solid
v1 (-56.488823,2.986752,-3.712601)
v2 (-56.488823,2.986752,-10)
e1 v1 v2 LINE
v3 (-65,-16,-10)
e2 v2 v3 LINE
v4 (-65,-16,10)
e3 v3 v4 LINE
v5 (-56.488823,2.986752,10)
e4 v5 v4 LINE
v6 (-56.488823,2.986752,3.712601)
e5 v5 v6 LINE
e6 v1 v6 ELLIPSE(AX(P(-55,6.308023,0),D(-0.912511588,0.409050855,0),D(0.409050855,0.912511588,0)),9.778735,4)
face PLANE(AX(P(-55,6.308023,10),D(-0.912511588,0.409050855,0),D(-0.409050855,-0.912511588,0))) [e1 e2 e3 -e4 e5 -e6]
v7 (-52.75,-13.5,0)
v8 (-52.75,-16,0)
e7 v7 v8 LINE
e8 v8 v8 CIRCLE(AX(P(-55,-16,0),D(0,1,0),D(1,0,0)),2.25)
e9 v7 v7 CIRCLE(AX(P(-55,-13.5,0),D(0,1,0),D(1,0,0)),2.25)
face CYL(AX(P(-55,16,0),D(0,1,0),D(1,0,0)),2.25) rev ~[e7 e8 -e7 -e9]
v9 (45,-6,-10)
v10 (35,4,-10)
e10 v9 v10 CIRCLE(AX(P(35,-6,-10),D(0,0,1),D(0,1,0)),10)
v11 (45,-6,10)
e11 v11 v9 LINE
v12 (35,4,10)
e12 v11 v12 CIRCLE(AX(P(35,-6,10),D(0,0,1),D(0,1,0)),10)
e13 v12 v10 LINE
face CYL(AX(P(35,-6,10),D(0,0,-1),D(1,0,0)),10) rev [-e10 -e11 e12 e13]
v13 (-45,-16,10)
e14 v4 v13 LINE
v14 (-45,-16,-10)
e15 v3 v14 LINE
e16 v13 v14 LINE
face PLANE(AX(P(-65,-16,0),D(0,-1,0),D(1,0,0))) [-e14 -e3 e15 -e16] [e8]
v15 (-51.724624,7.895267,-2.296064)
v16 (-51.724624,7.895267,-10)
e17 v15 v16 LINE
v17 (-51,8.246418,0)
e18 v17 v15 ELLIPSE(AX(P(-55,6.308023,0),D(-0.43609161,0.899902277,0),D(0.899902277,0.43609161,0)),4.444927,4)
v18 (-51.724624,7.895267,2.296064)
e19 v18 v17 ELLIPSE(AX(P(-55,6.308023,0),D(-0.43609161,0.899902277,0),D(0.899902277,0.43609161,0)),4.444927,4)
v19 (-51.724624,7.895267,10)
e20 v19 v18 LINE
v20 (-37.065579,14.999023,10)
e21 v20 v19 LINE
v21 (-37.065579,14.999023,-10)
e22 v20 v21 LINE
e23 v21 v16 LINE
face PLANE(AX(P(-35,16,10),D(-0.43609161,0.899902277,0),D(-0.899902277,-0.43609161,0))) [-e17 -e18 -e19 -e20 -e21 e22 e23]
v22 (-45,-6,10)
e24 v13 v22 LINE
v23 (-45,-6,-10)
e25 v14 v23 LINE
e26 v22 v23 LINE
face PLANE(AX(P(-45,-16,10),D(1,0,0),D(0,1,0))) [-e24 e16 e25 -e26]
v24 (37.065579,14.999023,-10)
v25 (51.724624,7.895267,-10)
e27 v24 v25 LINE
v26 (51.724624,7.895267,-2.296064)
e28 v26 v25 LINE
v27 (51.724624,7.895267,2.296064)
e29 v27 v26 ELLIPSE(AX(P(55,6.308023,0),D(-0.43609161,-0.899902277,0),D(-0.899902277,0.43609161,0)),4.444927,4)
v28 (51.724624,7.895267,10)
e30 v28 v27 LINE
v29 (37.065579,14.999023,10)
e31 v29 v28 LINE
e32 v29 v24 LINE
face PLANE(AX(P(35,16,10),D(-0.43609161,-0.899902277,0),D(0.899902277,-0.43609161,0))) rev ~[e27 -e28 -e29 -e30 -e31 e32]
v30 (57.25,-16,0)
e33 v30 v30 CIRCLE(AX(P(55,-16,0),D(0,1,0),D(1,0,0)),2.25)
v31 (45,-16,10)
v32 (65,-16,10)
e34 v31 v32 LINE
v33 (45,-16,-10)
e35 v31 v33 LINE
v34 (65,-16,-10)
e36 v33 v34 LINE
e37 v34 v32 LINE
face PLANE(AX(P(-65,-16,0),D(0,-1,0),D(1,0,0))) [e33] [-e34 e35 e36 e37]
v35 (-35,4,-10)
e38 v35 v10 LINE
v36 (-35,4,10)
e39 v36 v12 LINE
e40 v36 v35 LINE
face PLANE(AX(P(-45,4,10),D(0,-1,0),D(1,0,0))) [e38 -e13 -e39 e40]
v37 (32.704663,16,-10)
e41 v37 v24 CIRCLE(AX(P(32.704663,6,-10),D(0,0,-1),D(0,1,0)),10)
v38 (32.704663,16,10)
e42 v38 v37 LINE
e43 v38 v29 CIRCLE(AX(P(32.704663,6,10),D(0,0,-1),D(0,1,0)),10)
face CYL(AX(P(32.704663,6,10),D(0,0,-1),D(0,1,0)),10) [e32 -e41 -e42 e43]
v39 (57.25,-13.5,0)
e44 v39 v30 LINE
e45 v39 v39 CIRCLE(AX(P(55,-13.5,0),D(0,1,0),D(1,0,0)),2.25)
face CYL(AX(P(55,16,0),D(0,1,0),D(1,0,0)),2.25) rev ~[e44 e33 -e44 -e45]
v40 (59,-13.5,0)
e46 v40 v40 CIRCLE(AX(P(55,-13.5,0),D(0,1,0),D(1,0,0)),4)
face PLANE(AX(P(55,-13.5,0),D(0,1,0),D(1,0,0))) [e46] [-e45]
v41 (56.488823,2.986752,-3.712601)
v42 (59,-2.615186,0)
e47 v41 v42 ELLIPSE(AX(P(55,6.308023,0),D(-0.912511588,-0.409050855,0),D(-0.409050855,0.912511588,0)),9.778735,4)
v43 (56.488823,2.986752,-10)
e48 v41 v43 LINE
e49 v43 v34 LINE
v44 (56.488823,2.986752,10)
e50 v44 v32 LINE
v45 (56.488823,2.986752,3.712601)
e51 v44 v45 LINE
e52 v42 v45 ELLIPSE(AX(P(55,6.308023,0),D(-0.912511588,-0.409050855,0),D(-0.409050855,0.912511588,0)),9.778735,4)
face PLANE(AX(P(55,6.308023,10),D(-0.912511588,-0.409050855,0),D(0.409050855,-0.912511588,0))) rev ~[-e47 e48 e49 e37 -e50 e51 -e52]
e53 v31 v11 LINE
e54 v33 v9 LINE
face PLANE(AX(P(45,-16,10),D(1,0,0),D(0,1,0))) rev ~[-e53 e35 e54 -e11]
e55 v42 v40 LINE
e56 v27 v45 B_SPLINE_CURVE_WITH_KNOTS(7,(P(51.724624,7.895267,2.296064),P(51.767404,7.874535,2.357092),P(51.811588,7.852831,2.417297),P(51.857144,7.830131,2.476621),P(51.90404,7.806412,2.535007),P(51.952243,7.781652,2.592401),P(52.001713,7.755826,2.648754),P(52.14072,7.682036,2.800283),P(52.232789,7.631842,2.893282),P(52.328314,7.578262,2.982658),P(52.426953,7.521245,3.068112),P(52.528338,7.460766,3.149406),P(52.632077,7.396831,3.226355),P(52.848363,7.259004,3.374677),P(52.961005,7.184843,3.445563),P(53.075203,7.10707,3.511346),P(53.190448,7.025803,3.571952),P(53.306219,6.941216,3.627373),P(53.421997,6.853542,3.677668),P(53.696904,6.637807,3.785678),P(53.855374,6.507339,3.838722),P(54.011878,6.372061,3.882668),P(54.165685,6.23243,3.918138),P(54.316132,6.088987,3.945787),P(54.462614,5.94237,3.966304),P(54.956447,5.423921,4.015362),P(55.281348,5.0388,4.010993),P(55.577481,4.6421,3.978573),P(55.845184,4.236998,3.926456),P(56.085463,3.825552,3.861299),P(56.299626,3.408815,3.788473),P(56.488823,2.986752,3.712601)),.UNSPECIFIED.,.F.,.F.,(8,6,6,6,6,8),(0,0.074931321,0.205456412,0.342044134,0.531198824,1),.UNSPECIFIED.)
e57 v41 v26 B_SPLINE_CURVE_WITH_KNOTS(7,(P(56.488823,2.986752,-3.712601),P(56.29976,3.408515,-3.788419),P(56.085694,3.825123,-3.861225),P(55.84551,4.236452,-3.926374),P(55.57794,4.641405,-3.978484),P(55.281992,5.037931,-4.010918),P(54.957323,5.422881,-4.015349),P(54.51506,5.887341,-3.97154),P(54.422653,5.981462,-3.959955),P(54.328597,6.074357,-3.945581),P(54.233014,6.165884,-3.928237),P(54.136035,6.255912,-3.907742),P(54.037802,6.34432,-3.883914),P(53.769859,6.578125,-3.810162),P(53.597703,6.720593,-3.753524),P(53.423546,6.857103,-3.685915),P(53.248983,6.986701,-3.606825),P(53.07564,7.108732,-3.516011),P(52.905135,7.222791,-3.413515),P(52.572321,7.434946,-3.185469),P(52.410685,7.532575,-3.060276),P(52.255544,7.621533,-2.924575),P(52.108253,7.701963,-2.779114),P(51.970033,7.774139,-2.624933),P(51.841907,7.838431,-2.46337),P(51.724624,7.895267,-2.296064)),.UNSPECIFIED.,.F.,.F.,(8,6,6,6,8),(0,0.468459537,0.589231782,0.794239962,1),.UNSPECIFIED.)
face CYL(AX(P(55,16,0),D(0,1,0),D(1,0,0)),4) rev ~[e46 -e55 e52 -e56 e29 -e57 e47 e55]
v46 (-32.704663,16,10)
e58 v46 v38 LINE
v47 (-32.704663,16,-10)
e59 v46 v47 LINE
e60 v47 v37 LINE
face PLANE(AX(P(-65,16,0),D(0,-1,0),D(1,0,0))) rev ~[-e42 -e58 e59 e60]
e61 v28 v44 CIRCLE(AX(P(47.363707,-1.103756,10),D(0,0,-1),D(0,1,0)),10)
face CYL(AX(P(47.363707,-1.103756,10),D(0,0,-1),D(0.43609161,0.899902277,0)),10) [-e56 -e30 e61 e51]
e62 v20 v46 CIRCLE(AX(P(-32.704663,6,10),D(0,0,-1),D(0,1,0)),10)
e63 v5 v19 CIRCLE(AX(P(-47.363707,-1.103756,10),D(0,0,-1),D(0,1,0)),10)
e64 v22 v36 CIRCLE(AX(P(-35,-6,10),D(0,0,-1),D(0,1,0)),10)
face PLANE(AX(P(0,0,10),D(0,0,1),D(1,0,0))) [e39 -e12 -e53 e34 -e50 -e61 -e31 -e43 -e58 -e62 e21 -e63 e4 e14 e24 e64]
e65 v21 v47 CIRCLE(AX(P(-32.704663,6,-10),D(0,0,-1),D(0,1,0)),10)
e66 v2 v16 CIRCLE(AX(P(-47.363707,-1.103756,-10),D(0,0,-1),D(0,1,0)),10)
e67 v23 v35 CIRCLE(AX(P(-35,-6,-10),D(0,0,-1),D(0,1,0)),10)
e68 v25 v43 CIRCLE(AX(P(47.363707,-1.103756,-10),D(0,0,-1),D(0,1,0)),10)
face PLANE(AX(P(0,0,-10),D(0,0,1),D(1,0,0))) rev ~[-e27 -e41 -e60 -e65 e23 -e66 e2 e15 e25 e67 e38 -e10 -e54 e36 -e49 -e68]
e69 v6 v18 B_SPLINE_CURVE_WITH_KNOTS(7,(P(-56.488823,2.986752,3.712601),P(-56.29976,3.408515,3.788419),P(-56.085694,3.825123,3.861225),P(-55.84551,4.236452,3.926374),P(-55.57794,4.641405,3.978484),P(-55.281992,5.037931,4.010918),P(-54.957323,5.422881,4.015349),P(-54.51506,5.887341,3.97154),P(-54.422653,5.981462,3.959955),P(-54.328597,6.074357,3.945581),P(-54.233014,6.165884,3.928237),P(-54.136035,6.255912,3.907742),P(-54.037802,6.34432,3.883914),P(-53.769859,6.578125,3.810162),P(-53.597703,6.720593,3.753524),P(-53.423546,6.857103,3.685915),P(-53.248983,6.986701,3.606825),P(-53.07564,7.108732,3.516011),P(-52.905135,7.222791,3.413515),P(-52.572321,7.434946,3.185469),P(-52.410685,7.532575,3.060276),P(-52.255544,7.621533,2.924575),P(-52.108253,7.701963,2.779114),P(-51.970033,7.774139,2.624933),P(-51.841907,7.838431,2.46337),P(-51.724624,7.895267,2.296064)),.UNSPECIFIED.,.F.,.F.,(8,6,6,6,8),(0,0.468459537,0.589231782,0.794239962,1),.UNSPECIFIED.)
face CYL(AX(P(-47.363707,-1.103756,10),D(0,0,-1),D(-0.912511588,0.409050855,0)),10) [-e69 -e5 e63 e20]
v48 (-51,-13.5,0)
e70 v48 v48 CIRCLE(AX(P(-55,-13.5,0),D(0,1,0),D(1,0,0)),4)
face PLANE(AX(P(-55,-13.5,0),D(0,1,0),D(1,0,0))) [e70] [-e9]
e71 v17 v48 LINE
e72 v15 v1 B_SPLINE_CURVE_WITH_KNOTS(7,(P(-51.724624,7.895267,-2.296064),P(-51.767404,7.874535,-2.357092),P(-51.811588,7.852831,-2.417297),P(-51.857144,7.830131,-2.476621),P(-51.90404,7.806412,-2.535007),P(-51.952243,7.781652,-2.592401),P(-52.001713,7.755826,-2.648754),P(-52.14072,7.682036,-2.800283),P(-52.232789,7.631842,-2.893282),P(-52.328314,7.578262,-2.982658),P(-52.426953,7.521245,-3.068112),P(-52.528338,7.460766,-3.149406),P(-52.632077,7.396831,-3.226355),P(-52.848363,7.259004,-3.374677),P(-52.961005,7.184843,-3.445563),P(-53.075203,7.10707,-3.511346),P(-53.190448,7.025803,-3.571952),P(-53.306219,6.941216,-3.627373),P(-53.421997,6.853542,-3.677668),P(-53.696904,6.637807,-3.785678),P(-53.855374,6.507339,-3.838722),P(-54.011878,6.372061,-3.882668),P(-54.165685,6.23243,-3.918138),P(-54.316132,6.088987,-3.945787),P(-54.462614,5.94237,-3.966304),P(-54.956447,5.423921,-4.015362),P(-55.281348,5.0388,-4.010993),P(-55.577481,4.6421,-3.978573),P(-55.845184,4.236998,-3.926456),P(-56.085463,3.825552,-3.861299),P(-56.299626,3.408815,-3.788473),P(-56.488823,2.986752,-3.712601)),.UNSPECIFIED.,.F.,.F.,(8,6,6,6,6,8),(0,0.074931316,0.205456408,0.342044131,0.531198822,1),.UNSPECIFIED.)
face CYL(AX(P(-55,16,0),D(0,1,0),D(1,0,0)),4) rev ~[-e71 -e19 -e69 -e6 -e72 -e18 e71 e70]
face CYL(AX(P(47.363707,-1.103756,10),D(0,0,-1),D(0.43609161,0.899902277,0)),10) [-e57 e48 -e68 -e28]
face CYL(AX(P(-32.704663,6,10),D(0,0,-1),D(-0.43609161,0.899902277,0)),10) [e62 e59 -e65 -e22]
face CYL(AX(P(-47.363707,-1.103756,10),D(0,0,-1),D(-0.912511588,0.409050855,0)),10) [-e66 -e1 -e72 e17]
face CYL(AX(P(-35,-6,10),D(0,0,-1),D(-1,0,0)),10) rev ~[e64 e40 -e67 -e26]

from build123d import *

# Parameters (mm, degrees)
RESSALTO_EXTRUS_O1_DEPTH      = 10
RESSALTO_EXTRUS_O1_DEPTH_BACK = 10
ESBO_O1_W                     = 130
ESBO_O1_H                     = 32
ESBO_O2_W                     = 90
ESBO_O2_H                     = 20
CORTE_EXTRUS_O1_DEPTH         = 70.864153899
FILETE1_R                     = 10
ESBO_O4_R                     = 4
CORTE_EXTRUS_O2_DEPTH         = 29.5
ESBO_O5_R                     = 2.25
CORTE_EXTRUS_O3_DEPTH         = 74.136858027


with BuildPart() as part:
    # Esboço1 → Ressalto-extrusão1 (new, two sides: drawn at the far end of the back side and taken through both)
    with BuildSketch(Plane.XY.offset(-RESSALTO_EXTRUS_O1_DEPTH_BACK)):
        Rectangle(ESBO_O1_W, ESBO_O1_H)
    extrude(amount=RESSALTO_EXTRUS_O1_DEPTH + RESSALTO_EXTRUS_O1_DEPTH_BACK)

    # Esboço2 → Corte-extrusão1 (cut, through all)
    with BuildSketch(Plane.XY.offset(10)):
        Polygon((35, 16), (55, 6.308022976), (65, -16), (65, 16), align=None)
        Polygon((-65, -16), (-65, 16), (-35, 16), (-55, 6.308022976), align=None)
        with Locations((0, -6)):
            Rectangle(ESBO_O2_W, ESBO_O2_H)
    extrude(amount=-CORTE_EXTRUS_O1_DEPTH, mode=Mode.SUBTRACT)

    # Filete1
    filete1_edges = [part.edges().sort_by_distance(p)[0] for p in [
        (45, 4, 0),
        (-45, 4, 0),
        (55, 6.308022976, 0),
        (35, 16, 0),
        (-35, 16, 0),
        (-55, 6.308022976, 0),
    ]]
    fillet(filete1_edges, radius=FILETE1_R)

    # Esboço4 → Corte-extrusão2 (cut)
    with BuildSketch(Plane(origin=(0, 16, 0), x_dir=(1, 0, 0), z_dir=(0, 1, 0))):
        with Locations((-55, 0)):
            Circle(ESBO_O4_R)
        with Locations((55, 0)):
            Circle(ESBO_O4_R)
    extrude(amount=-CORTE_EXTRUS_O2_DEPTH, mode=Mode.SUBTRACT)

    # Esboço5 → Corte-extrusão3 (cut, through all)
    with BuildSketch(Plane(origin=(0, 16, 0), x_dir=(1, 0, 0), z_dir=(0, 1, 0))):
        with Locations((-55, 0)):
            Circle(ESBO_O5_R)
        with Locations((55, 0)):
            Circle(ESBO_O5_R)
    extrude(amount=-CORTE_EXTRUS_O3_DEPTH, mode=Mode.SUBTRACT)


solid = part.part
